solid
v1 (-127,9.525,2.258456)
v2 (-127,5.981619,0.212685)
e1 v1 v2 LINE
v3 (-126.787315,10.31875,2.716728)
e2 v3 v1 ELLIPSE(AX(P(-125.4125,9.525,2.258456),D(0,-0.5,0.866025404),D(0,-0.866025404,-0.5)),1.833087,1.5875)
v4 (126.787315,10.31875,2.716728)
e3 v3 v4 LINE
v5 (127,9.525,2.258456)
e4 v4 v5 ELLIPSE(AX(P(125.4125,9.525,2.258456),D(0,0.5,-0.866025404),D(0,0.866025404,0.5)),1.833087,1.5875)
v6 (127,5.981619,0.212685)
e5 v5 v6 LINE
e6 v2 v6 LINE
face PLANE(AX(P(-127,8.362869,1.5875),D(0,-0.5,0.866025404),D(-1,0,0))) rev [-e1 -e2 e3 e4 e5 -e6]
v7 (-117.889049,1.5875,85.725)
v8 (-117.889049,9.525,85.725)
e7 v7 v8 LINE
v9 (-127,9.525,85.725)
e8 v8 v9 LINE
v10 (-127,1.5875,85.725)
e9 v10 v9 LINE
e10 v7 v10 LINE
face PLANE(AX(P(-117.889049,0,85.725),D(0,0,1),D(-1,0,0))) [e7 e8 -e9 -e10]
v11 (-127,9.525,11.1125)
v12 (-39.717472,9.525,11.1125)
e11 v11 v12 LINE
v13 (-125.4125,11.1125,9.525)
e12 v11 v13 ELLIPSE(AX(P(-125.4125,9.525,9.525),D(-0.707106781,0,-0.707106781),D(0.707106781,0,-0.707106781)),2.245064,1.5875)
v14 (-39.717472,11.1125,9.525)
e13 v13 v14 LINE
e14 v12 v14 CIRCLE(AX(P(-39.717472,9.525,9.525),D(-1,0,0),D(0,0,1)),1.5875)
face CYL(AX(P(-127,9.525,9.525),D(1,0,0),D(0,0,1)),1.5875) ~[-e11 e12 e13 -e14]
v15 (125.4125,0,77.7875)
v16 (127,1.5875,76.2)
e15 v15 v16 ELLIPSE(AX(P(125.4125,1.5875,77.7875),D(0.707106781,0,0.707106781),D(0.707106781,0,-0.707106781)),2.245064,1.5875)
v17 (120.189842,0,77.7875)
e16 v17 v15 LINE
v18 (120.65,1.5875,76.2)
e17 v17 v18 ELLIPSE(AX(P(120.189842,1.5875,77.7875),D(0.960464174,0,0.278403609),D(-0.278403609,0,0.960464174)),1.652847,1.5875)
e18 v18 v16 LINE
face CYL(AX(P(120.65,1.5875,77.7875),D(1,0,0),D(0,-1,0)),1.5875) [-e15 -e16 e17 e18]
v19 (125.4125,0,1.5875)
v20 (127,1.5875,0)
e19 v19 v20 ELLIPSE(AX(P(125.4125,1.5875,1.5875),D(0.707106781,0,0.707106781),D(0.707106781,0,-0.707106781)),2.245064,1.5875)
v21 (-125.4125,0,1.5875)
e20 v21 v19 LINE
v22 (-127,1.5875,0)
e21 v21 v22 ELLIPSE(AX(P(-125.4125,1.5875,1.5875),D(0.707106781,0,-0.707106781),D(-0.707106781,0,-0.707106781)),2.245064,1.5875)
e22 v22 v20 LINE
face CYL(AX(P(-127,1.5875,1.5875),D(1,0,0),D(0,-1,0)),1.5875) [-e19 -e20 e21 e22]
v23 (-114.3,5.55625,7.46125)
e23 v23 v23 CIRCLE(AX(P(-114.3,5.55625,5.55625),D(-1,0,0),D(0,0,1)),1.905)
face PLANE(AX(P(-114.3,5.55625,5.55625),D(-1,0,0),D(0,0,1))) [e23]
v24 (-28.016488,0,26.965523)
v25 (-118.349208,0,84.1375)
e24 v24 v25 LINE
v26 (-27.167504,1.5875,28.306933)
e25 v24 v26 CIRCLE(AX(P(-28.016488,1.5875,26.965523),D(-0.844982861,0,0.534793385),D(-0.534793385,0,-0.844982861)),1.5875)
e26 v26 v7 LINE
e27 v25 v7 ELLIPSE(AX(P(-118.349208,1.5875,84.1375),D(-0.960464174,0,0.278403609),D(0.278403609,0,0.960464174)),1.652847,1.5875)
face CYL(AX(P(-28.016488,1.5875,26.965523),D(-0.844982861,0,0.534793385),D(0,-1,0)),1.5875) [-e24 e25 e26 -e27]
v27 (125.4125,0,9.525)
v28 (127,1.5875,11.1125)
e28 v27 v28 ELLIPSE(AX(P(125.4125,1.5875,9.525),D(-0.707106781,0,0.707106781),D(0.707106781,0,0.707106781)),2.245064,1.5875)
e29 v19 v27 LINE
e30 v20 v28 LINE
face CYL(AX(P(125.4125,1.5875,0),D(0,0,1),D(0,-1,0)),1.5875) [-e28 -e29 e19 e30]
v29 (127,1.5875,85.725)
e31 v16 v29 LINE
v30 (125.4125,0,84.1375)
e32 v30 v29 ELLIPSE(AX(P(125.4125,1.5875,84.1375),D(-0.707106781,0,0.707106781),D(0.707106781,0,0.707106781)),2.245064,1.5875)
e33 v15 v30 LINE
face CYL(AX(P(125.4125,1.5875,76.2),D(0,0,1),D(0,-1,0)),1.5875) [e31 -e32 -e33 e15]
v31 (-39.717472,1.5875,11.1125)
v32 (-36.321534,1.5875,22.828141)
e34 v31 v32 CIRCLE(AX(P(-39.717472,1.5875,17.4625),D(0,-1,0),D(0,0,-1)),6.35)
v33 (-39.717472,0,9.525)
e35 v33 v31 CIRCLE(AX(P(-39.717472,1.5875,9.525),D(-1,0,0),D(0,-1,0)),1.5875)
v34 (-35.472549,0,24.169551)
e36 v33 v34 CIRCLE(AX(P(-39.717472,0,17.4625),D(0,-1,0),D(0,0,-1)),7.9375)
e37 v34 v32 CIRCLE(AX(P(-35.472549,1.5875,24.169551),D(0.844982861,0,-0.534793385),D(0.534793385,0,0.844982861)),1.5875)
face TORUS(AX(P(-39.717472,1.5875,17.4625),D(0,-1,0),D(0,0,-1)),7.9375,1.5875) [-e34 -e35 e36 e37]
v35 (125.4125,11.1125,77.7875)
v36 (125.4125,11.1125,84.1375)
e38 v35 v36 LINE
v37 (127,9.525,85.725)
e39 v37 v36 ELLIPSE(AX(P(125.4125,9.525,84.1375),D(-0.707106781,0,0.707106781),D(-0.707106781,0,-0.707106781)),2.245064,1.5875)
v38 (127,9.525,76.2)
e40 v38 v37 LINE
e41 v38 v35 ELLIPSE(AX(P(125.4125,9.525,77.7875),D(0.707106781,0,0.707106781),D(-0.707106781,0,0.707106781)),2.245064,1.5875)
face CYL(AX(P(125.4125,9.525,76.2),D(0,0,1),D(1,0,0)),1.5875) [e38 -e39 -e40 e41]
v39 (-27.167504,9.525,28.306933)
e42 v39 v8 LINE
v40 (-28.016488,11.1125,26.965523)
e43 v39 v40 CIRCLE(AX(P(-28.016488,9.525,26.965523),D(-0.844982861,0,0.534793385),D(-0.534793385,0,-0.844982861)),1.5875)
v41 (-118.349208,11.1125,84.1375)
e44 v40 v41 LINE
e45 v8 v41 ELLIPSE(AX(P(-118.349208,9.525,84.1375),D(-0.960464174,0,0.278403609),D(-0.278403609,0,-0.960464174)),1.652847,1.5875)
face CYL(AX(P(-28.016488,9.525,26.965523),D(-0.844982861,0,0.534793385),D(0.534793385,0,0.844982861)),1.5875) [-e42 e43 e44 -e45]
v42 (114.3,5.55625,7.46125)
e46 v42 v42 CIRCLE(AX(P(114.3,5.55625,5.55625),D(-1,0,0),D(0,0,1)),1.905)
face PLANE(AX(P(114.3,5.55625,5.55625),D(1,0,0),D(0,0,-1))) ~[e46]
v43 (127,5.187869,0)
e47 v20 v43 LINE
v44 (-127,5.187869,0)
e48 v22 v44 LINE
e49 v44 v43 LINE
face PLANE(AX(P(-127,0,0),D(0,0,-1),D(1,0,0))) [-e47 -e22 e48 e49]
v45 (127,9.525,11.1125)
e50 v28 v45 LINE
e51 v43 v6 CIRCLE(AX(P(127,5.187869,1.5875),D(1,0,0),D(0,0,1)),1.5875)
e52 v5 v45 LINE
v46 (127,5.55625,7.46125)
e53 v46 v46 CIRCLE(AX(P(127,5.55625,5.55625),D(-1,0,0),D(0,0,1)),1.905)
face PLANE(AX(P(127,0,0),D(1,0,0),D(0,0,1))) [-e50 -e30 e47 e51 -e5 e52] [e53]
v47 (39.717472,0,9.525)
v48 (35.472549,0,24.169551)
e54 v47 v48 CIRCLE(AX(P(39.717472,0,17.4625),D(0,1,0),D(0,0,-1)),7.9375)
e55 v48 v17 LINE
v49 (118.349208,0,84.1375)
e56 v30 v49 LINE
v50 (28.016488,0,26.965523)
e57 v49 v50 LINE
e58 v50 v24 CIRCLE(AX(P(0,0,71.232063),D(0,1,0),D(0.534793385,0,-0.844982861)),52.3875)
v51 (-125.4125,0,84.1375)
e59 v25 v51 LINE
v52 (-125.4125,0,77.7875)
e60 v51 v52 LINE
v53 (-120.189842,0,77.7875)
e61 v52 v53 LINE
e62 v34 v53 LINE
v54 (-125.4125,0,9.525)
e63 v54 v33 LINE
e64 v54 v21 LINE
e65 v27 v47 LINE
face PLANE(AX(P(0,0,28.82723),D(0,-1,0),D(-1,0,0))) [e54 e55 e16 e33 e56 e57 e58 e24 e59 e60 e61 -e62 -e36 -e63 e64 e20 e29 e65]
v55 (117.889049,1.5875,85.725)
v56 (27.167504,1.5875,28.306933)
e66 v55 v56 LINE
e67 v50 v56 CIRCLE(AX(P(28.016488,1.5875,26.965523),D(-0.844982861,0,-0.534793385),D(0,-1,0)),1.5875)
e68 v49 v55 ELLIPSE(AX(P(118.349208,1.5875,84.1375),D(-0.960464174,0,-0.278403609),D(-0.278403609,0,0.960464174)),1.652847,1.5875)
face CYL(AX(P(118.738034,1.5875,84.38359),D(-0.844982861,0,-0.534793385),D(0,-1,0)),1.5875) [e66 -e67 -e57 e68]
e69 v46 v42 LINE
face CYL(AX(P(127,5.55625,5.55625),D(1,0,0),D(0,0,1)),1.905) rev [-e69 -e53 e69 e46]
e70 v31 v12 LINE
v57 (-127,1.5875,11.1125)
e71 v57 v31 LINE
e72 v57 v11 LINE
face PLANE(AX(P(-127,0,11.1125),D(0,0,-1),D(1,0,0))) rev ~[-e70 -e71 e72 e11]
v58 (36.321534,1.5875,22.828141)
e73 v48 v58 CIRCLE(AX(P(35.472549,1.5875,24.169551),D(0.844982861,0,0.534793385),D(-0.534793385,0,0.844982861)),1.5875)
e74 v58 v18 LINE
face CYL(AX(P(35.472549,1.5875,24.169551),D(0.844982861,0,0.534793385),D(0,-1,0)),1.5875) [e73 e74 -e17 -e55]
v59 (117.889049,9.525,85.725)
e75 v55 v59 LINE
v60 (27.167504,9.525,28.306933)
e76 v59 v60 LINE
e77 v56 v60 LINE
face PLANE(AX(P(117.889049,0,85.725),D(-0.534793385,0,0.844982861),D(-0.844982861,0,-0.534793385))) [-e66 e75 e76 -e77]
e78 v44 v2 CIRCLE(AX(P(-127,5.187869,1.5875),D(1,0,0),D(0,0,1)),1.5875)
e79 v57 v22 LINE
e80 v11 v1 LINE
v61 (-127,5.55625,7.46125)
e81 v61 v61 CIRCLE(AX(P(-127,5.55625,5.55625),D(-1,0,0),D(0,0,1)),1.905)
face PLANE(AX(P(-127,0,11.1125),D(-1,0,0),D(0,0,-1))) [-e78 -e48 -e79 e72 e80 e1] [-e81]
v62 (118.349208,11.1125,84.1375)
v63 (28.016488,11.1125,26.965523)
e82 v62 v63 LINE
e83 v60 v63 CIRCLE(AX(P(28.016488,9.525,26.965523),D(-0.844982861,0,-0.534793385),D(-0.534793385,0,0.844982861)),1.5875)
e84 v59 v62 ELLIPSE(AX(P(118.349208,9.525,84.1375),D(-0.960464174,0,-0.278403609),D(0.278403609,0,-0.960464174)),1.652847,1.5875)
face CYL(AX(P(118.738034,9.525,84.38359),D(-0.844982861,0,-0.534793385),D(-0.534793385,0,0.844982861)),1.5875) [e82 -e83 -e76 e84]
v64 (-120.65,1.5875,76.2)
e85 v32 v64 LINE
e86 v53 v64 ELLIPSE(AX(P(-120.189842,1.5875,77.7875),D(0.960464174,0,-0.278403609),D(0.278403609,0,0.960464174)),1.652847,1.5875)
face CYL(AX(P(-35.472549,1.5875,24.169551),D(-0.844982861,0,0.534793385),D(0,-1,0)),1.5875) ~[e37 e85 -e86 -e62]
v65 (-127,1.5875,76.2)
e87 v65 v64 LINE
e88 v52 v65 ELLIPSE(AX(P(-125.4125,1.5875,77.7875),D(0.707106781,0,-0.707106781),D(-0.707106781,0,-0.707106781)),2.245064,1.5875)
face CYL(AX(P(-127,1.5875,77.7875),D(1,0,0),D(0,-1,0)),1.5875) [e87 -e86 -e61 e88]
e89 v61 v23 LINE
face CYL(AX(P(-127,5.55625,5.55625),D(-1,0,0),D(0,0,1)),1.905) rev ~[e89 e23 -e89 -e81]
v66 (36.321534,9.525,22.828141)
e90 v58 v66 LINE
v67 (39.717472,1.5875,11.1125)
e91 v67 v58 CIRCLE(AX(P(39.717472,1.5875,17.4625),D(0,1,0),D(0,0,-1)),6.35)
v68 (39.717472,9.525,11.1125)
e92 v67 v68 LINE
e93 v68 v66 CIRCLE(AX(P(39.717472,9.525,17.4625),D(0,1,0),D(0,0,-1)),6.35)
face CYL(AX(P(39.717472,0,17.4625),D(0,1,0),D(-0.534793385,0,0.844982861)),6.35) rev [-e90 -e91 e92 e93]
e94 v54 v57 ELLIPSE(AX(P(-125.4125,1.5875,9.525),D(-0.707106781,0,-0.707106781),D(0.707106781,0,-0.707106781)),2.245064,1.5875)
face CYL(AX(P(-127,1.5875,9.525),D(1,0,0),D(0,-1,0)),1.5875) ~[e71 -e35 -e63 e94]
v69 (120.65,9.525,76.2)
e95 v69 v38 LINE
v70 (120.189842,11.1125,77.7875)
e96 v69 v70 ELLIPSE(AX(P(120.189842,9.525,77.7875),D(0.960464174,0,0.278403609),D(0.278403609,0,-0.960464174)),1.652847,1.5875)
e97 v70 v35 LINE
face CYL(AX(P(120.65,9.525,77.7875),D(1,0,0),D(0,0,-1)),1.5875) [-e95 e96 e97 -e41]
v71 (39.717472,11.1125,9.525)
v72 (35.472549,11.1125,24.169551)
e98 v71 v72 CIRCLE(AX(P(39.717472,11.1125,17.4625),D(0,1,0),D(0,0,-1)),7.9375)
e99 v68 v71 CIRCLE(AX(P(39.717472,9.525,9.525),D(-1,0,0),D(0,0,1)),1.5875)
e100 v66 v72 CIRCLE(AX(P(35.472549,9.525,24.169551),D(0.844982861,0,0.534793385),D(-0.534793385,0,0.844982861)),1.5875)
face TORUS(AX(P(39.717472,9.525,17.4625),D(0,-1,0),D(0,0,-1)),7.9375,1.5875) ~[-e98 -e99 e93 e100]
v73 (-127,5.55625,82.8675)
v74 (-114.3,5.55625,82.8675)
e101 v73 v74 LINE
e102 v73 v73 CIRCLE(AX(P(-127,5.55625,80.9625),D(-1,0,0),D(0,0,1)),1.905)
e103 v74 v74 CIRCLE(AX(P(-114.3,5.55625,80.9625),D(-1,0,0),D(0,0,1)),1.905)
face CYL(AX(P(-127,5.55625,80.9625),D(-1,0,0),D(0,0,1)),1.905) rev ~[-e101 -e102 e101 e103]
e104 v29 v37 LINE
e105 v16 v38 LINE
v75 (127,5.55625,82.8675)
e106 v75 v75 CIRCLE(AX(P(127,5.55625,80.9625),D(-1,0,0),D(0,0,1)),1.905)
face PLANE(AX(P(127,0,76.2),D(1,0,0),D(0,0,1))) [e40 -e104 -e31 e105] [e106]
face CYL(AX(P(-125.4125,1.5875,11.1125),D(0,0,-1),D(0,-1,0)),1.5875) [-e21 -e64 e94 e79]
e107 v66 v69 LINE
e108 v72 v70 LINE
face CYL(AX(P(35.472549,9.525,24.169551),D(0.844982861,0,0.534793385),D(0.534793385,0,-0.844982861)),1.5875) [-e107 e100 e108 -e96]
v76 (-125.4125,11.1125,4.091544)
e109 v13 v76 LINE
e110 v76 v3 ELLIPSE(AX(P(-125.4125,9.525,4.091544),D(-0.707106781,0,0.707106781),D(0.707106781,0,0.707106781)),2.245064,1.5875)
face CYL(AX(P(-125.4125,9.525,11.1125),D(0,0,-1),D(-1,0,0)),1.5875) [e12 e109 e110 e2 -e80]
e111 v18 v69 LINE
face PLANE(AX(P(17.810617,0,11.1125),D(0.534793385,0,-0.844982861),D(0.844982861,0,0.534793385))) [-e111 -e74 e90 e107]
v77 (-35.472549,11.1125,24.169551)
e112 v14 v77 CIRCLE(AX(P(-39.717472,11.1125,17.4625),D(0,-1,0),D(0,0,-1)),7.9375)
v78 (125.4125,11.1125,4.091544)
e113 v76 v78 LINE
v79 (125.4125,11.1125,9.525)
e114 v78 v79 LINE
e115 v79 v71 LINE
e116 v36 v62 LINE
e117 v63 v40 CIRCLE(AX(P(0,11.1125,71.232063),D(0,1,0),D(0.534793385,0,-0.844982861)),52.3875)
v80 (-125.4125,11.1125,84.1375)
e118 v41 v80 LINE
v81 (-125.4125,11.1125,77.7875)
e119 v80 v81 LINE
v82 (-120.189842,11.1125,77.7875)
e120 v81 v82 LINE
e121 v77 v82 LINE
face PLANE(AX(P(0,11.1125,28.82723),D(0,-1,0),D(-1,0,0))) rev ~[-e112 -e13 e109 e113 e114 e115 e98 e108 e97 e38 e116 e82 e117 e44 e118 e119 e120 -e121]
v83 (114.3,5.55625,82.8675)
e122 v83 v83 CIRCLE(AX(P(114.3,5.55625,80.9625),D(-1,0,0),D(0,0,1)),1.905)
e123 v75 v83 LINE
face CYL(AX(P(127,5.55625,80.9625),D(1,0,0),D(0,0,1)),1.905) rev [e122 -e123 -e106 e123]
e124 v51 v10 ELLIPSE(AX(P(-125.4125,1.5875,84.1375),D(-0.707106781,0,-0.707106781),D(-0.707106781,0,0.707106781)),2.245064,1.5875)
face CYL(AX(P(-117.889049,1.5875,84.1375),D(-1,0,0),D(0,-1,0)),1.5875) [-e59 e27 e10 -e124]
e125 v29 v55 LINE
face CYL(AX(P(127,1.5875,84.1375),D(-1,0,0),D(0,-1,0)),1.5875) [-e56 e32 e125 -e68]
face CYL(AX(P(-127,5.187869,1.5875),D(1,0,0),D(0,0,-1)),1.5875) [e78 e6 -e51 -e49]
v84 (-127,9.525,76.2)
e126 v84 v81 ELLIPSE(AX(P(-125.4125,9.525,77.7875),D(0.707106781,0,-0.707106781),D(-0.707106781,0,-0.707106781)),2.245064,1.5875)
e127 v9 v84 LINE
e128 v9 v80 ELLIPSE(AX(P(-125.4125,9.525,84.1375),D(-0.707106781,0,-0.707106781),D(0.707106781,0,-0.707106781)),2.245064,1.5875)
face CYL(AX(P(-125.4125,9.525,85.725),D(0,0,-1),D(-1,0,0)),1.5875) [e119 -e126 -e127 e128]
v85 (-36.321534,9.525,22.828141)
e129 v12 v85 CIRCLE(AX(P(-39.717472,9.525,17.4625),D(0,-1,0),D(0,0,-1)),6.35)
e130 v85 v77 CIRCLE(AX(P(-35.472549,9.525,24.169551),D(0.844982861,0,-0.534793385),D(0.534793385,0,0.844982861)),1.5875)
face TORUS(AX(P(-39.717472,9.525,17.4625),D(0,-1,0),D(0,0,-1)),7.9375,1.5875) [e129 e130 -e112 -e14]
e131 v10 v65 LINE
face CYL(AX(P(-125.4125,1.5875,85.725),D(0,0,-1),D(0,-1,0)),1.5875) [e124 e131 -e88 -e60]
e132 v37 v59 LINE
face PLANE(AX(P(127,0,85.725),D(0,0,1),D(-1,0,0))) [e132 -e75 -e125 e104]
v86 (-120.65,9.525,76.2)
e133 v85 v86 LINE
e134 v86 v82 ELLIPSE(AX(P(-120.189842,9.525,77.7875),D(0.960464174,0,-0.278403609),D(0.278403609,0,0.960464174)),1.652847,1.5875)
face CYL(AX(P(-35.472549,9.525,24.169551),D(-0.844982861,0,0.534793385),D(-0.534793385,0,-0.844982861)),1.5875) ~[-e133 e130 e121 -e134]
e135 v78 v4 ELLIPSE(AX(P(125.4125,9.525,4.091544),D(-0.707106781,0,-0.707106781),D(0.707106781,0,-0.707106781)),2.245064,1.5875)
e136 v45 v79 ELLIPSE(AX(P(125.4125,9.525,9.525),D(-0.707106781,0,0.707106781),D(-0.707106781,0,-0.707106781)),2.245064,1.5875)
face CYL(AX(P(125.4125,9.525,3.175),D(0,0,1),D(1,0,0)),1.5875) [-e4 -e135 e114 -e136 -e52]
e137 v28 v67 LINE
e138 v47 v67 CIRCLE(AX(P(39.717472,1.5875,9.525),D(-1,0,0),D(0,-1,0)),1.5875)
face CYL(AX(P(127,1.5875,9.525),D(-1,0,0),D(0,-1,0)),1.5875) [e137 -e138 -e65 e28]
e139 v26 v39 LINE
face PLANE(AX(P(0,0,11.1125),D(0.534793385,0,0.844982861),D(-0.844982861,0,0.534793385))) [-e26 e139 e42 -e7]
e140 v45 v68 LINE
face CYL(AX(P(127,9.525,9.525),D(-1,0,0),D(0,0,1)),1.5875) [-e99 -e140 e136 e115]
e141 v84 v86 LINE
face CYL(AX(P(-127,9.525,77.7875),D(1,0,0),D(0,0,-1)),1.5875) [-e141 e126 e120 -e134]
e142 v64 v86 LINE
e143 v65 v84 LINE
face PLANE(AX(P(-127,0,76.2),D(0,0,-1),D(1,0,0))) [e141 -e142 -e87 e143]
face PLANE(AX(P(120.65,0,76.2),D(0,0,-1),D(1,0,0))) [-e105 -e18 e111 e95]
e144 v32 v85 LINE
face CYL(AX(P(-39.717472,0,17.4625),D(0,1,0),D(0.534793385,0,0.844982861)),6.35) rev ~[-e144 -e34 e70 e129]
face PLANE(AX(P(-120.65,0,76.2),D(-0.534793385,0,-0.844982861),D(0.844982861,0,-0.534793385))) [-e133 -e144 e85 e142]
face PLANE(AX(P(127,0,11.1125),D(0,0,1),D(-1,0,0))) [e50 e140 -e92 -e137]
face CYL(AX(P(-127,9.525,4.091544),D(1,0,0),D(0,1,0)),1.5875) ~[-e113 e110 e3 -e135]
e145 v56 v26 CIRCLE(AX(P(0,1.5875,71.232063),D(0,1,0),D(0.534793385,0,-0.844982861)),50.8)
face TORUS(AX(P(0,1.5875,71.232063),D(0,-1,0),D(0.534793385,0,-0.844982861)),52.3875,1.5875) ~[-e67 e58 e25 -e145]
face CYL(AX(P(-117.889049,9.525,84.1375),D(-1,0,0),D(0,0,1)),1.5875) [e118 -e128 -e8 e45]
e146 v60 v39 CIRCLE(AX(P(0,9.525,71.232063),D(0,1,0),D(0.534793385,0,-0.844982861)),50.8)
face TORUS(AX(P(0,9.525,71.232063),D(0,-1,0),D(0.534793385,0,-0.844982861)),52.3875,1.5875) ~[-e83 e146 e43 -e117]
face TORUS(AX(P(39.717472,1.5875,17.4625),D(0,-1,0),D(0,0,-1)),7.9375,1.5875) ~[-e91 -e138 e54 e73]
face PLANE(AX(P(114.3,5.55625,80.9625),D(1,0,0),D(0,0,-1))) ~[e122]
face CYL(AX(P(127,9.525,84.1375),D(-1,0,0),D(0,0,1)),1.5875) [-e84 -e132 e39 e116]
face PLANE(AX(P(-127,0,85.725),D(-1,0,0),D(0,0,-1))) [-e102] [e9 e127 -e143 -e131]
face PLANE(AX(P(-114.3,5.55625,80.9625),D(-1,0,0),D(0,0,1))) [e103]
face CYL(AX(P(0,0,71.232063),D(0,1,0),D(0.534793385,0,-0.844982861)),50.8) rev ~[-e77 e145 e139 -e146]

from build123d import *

# Parameters (mm, degrees)
BOSS_EXTRUDE1_DEPTH = 11.1125
CHAMFER1_SIZE       = 3.175
CHAMFER1_SIZE2      = 5.499261314
FILLET1_R           = 50.8
FILLET2_R           = 6.35
SKETCH2_R           = 1.905
CUT_EXTRUDE1_DEPTH  = 12.7
FILLET4_R           = 1.5875


with BuildPart() as part:
    # Sketch1 → Boss-Extrude1 (new body)
    with BuildSketch(Plane(origin=(0, 0, 0), x_dir=(1, 0, 0), z_dir=(0, 1, 0))):
        Polygon((-127, 0), (127, 0), (127, -11.1125), (17.810616698, -11.1125), (120.65, -76.2), (127, -76.2), (127, -85.725), (117.889049151, -85.725), (0, -11.1125), (-117.889049151, -85.725), (-127, -85.725), (-127, -76.2), (-120.65, -76.2), (-17.810616698, -11.1125), (-55.527449944, -11.1125), (-127, -11.1125), align=None)
    extrude(amount=BOSS_EXTRUDE1_DEPTH)

    # Chamfer1
    chamfer1_edges = [part.edges().sort_by_distance(p)[0] for p in [
        (0, 11.1125, 0),
    ]]
    chamfer1_side = [part.faces().sort_by_distance(p)[0] for p in [
        (0, 11.1125, 2.680760631),
    ]]
    chamfer(chamfer1_edges, length=CHAMFER1_SIZE, length2=CHAMFER1_SIZE2, reference=chamfer1_side[0])

    # Fillet1
    fillet1_edges = [part.edges().sort_by_distance(p)[0] for p in [
        (0, 5.55625, 11.1125),
    ]]
    fillet(fillet1_edges, radius=FILLET1_R)

    # Fillet2
    fillet2_edges = [part.edges().sort_by_distance(p)[0] for p in [
        (-17.810616698, 5.55625, 11.1125),
        (17.810616698, 5.55625, 11.1125),
    ]]
    fillet(fillet2_edges, radius=FILLET2_R)

    # Sketch2 → Cut-Extrude1 (cut)
    with BuildSketch(Plane.ZY.offset(127)):
        with Locations((5.55625, 5.55625)):
            Circle(SKETCH2_R)
        with Locations((80.9625, 5.55625)):
            Circle(SKETCH2_R)
    cut_extrude1 = extrude(amount=-CUT_EXTRUDE1_DEPTH, mode=Mode.SUBTRACT)

    # Mirror1: Cut-Extrude1 across plane
    add(cut_extrude1.mirror(Plane(origin=(0, 0, 0), x_dir=(0, 0, 1), z_dir=(1, 0, 0))), mode=Mode.SUBTRACT)

    # Fillet4
    fillet4_edges = [part.edges().sort_by_distance(p)[0] for p in [
        (-127, 11.1125, 80.9625),
        (-83.358735865, 0, 11.1125),
        (-127, 0, 5.55625),
        (-122.444524575, 11.1125, 85.725),
        (0, 0, 0),
        (127, 0, 5.55625),
        (78.485766866, 0, 49.514070583),
        (123.825, 0, 76.2),
        (127, 0, 80.9625),
        (122.444524575, 0, 85.725),
        (-72.528276565, 0, 57.015966642),
        (-122.444524575, 0, 85.725),
        (-72.528276565, 11.1125, 57.015966642),
        (-127, 0, 80.9625),
        (-123.825, 0, 76.2),
        (122.444524575, 11.1125, 85.725),
        (127, 11.1125, 80.9625),
        (123.825, 11.1125, 76.2),
        (78.485766866, 11.1125, 49.514070583),
        (-127, 11.1125, 7.14375),
        (0, 11.1125, 3.175),
        (127, 11.1125, 7.14375),
        (0, 5.613238686, 0),
        (72.528276565, 0, 57.015966642),
        (72.528276565, 11.1125, 57.015966642),
        (0, 0, 20.43206261),
        (0, 11.1125, 20.43206261),
        (-83.358735865, 11.1125, 11.1125),
        (83.358735865, 0, 11.1125),
        (83.358735865, 11.1125, 11.1125),
        (-78.485766866, 0, 49.514070583),
        (-78.485766866, 11.1125, 49.514070583),
        (33.618524222, 0, 15.694637081),
        (33.618524222, 11.1125, 15.694637081),
        (-33.618524222, 0, 15.694637081),
        (-33.618524222, 11.1125, 15.694637081),
        (-123.825, 11.1125, 76.2),
    ]]
    fillet(fillet4_edges, radius=FILLET4_R)


solid = part.part
